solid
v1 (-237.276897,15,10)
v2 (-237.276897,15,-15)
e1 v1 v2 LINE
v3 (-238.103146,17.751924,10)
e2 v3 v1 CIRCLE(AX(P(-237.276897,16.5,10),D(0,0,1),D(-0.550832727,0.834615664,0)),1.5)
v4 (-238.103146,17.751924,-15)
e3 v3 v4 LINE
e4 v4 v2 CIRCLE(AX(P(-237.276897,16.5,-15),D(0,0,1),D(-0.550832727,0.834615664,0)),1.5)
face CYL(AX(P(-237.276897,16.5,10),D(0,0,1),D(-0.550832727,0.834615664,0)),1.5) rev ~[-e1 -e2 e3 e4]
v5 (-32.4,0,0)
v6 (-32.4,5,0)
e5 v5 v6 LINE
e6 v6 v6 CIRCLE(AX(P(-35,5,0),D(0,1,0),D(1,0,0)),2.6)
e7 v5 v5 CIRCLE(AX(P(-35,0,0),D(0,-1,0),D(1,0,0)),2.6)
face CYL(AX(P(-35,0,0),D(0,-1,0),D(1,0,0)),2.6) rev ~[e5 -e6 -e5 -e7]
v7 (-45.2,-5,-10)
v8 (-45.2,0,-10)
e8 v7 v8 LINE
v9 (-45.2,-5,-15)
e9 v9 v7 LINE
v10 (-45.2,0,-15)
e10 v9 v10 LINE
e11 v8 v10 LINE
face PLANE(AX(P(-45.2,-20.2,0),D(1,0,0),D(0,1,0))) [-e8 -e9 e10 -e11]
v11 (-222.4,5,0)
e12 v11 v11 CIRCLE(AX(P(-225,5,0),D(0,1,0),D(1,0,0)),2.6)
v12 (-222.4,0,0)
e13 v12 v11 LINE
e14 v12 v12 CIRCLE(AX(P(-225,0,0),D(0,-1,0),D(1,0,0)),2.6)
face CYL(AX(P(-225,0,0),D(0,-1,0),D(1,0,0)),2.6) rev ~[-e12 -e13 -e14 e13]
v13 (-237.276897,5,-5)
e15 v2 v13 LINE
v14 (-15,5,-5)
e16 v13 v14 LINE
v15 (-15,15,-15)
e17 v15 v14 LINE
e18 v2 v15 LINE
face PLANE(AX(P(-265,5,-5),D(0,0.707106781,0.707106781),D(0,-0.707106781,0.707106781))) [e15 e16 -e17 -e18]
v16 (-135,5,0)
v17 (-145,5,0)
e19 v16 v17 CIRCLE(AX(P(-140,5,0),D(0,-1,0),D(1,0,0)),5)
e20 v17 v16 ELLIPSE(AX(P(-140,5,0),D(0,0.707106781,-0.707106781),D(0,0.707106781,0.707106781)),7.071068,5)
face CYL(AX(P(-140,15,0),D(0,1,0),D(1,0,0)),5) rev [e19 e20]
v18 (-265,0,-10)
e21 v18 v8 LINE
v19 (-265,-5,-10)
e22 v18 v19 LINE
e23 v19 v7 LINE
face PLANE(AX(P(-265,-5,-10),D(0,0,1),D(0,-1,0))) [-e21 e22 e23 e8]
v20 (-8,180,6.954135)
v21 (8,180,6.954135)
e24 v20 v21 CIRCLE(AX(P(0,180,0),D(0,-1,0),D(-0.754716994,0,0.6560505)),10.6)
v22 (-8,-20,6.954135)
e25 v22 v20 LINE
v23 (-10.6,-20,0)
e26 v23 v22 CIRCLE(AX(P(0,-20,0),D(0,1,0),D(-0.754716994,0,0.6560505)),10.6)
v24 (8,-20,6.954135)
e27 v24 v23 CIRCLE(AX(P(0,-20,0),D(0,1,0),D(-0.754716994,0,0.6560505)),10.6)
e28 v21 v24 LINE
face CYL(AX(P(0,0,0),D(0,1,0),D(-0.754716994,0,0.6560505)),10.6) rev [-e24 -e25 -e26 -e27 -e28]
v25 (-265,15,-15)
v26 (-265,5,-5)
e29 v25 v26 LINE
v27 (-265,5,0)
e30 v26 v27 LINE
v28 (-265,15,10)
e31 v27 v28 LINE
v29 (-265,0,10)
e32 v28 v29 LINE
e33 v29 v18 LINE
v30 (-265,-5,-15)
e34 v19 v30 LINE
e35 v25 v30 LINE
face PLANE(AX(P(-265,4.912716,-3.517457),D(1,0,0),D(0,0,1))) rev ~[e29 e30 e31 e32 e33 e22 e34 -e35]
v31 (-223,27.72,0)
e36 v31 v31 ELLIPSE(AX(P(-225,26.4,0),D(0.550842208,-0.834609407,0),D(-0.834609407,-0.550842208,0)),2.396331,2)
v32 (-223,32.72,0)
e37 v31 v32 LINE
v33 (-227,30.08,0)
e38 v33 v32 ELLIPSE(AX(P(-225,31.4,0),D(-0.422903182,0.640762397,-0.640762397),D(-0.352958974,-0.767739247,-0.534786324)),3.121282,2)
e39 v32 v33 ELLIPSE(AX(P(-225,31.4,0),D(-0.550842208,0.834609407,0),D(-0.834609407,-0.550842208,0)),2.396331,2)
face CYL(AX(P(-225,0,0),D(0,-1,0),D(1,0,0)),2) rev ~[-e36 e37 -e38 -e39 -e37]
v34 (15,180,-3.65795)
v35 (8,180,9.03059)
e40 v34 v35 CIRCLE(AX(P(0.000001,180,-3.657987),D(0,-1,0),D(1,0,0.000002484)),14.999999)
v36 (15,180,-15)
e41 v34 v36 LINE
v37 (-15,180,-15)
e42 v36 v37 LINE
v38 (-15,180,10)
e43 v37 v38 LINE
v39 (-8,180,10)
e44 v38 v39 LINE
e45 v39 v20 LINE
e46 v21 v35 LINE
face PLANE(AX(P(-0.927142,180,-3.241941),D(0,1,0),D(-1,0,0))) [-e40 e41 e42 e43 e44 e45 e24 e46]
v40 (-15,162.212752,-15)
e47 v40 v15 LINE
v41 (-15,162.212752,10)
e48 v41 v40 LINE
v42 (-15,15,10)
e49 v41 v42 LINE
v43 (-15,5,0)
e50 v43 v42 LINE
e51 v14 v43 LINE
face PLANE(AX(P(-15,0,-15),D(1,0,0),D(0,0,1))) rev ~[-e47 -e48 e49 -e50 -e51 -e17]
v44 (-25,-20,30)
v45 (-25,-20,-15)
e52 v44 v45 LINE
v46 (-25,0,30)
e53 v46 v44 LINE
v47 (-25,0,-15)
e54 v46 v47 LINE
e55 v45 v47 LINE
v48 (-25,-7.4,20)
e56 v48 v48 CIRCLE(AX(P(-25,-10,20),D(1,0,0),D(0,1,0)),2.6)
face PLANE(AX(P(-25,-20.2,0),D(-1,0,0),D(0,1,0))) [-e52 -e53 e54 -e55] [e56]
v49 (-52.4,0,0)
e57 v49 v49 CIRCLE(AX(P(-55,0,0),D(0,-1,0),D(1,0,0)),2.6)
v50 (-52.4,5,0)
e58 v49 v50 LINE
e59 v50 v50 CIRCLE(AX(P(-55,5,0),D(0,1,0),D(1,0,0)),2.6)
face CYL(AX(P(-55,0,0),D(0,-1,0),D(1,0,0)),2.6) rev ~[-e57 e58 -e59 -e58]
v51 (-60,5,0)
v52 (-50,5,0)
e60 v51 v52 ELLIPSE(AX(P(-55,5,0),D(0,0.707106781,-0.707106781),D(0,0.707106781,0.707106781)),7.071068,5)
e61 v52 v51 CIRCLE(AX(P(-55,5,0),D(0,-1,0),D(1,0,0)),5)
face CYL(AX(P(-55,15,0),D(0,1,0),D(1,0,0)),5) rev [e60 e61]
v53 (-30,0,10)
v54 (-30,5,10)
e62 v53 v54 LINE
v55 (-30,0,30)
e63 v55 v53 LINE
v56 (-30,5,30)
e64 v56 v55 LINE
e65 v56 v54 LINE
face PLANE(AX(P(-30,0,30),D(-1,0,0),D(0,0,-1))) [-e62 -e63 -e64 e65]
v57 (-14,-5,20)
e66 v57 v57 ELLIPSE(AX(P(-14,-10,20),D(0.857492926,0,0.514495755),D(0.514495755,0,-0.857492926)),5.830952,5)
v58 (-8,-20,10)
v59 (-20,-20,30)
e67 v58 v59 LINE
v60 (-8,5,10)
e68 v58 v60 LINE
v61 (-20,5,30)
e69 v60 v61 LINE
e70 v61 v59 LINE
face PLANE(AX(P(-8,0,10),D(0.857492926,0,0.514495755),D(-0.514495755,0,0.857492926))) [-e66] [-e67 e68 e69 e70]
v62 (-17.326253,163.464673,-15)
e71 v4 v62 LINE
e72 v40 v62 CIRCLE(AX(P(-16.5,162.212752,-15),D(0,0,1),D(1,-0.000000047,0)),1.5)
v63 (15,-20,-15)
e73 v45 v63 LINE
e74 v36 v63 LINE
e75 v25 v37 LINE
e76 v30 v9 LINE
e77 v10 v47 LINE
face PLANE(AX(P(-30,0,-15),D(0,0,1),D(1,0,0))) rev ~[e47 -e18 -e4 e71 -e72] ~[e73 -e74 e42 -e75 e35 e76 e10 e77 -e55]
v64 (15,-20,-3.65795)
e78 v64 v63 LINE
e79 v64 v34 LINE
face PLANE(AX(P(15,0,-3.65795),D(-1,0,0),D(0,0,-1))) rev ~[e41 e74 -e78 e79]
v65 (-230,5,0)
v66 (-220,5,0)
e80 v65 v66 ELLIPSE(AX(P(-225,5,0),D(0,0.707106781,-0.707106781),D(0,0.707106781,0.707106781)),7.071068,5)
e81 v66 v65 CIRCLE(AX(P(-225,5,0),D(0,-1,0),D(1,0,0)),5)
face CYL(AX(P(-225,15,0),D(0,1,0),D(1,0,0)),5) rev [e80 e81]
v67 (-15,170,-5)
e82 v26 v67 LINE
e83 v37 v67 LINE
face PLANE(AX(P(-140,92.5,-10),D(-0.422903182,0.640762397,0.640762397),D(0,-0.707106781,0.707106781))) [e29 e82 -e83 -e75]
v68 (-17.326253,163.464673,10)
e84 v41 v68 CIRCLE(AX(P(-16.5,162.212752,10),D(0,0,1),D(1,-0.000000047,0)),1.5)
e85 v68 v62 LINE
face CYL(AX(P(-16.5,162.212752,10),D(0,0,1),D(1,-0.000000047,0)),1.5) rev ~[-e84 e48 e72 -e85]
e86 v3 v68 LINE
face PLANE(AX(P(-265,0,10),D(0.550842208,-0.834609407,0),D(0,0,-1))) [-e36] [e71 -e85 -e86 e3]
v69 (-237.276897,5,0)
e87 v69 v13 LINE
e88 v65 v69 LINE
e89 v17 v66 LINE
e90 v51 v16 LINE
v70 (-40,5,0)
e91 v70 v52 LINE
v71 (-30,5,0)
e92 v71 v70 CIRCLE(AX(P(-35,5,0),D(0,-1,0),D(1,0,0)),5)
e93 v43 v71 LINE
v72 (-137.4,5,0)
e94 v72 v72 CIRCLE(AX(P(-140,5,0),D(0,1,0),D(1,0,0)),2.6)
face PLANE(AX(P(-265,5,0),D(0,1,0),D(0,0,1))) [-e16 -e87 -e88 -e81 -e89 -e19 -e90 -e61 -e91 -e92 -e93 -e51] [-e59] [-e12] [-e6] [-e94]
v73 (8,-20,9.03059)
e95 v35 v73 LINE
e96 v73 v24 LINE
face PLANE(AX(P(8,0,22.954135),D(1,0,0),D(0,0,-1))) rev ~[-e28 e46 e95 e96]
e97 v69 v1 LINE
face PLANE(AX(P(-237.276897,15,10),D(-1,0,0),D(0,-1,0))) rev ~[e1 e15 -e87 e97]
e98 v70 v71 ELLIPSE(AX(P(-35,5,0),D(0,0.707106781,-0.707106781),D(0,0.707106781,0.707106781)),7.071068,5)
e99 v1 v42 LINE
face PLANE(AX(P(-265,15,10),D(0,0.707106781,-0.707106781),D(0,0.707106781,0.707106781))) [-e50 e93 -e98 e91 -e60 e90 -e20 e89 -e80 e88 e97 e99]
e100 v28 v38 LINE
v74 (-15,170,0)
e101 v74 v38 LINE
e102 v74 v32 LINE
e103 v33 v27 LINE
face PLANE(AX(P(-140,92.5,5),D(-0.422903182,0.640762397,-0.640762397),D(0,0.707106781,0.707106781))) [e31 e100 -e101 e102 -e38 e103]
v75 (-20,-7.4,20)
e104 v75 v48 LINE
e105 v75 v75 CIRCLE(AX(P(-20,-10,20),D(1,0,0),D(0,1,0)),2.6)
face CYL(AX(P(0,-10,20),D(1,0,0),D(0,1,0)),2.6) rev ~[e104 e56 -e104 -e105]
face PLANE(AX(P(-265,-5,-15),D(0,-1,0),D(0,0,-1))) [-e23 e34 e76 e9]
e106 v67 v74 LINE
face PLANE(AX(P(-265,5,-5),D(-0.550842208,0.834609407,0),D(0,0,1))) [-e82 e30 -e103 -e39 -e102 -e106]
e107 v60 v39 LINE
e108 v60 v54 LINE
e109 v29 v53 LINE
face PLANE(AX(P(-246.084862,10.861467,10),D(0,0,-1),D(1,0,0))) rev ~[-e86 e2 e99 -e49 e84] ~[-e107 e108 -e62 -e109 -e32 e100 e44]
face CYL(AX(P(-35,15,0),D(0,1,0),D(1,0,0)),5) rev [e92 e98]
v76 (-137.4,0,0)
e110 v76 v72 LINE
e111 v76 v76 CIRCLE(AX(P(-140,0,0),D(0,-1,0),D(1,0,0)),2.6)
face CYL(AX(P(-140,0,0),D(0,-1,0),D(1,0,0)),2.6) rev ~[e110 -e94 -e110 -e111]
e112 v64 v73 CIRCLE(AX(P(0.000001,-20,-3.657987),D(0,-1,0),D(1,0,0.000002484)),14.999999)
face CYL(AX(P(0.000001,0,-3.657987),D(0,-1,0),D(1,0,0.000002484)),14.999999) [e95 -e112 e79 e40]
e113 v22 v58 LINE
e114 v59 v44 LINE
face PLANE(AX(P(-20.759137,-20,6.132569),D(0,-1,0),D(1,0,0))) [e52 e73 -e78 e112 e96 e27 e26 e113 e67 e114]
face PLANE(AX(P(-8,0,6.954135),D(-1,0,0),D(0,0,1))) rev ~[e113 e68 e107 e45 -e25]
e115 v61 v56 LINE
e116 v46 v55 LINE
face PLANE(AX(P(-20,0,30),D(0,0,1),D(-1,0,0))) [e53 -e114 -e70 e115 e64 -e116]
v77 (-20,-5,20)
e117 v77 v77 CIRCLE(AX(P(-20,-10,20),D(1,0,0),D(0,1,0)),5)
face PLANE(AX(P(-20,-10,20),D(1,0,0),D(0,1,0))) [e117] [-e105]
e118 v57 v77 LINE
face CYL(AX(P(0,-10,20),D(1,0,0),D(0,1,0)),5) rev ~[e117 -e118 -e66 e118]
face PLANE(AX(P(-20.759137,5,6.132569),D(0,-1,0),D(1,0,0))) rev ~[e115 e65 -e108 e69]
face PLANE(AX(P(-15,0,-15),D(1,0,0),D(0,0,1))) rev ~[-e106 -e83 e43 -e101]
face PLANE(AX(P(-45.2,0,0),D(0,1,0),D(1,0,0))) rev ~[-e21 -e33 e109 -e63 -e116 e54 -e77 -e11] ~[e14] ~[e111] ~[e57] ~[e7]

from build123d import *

# Parameters (mm, degrees)
PAD_DEPTH            = 20
PAD_DEPTH_BACK       = 180
PAD001_DEPTH         = 25
POCKET_DEPTH         = 180.001
POCKET_DEPTH_BACK    = 20.001
PAD002_DEPTH         = 20
PAD002_DEPTH_BACK    = 5
SKETCH008_W          = 20.2
SKETCH008_H          = 20.2
POCKET001_DEPTH      = 15.001
POCKET001_DEPTH_BACK = 30.001
SKETCH009_R          = 2.6
POCKET002_DEPTH      = 5
SKETCH010_R          = 5
POCKET003_DEPTH      = 10
SKETCH011_R          = 2.6
POCKET004_DEPTH      = 265.001
SKETCH012_R          = 5
POCKET005_DEPTH      = 20
SKETCH013_R          = 2
POCKET006_DEPTH      = 180.001


with BuildPart() as part:
    # Sketch → Pad (new body, two sides)
    with BuildSketch(Plane.XZ) as pad_sk:
        with BuildLine():
            Line((-15, 10), (3.201562, 10))
            Line((3.201562, 10), (6.201562, 10))
            ThreePointArc((15, -3.65795), (12.609975, 4.465345), (6.201562, 10))
            Line((15, -3.65795), (15, -15))
            Line((15, -15), (-15, -15))
            Line((-15, -15), (-15, 10))
        make_face()
    extrude(amount=PAD_DEPTH)
    extrude(pad_sk.sketch, amount=-PAD_DEPTH_BACK)

    # AdditivePipe: sweep along a path in Sketch001
    with BuildLine(Plane.XY) as additivepipe_path:
        Line((-265, 0), (0, 0))
    # Sketch002 (on DatumPlane) → AdditivePipe (sweep)
    with BuildSketch(Plane.YZ.offset(-265)):
        Polygon((0, -10), (0, 10), (15, 10), (5, 0), (5, -5), (15, -15), (-5, -15), (-5, -10), align=None)
    sweep(path=additivepipe_path.line, is_frenet=True)

    # AdditivePipe001: sweep along a path in Sketch004
    with BuildLine(Plane.XY) as additivepipe001_path:
        Line((-265, 0), (-15, 165))
    # Sketch003 (on DatumPlane) → AdditivePipe001 (sweep)
    with BuildSketch(Plane.YZ.offset(-265)):
        Polygon((0, 10), (0, -15), (15, -15), (5, -5), (5, 0), (15, 10), align=None)
    sweep(path=additivepipe001_path.line, is_frenet=True)

    # Sketch005 (on Face19 of AdditivePipe001) → Pad001 (join)
    with BuildSketch(Plane(origin=(0, 0, 10), x_dir=(-1, 0, 0), z_dir=(0, 0, 1))):
        with BuildLine():
            ThreePointArc((238.103146, -17.751924), (238.71354, -16.068657), (237.276897, -15))
            Line((237.276897, -15), (237.276897, -5))
            Line((237.276897, -5), (257.424242, -5))
            Line((257.424242, -5), (257.424242, -10))
            Line((257.424242, -10), (241.155013, -20.737691))
            Line((241.155013, -20.737691), (238.103146, -17.751924))
        make_face()
        with BuildLine():
            ThreePointArc((15, -162.212752), (15.789148, -163.533619), (17.326253, -163.464673))
            Line((17.326253, -163.464673), (19.815663, -166.821662))
            Line((19.815663, -166.821662), (12.527544, -171.631821))
            Line((12.527544, -162.212752), (12.527544, -171.631821))
            Line((15, -162.212752), (12.527544, -162.212752))
        make_face()
    extrude(amount=-PAD001_DEPTH)

    # Sketch006 → Pocket (cut, two sides)
    with BuildSketch(Plane.XZ) as pocket_sk:
        with BuildLine():
            ThreePointArc((-8, 6.954135), (0, -10.6), (8, 6.954135))
            Line((8, 22.954135), (8, 6.954135))
            Line((-8, 22.954135), (8, 22.954135))
            Line((-8, 6.954135), (-8, 22.954135))
        make_face()
    extrude(amount=-POCKET_DEPTH, mode=Mode.SUBTRACT)
    extrude(pocket_sk.sketch, amount=POCKET_DEPTH_BACK, mode=Mode.SUBTRACT)

    # Sketch007 → Pad002 (join, two sides)
    with BuildSketch(Plane.XZ) as pad002_sk:
        Polygon((-8, 10), (-20, 30), (-30, 30), (-30, -15), (-10.6, -15), (-10.6, 6.954135), (-8, 6.954135), align=None)
    extrude(amount=PAD002_DEPTH)
    extrude(pad002_sk.sketch, amount=-PAD002_DEPTH_BACK)

    # Sketch008 → Pocket001 (cut, two sides)
    with BuildSketch(Plane.XY) as pocket001_sk:
        with Locations((-35.1, -10.1)):
            Rectangle(SKETCH008_W, SKETCH008_H)
    extrude(amount=-POCKET001_DEPTH, mode=Mode.SUBTRACT)
    extrude(pocket001_sk.sketch, amount=POCKET001_DEPTH_BACK, mode=Mode.SUBTRACT)

    # Sketch009 → Pocket002 (cut)
    with BuildSketch(Plane.XZ):
        with Locations((-35, 0)):
            Circle(SKETCH009_R)
        with Locations((-55, 0)):
            Circle(SKETCH009_R)
        with Locations((-140, 0)):
            Circle(SKETCH009_R)
        with Locations((-225, 0)):
            Circle(SKETCH009_R)
    extrude(amount=-POCKET002_DEPTH, mode=Mode.SUBTRACT)

    # Sketch010 (on DatumPlane) → Pocket003 (cut)
    with BuildSketch(Plane.XZ.offset(-15)):
        with Locations((-225, 0)):
            Circle(SKETCH010_R)
        with Locations((-140, 0)):
            Circle(SKETCH010_R)
        with Locations((-55, 0)):
            Circle(SKETCH010_R)
        with Locations((-35, 0)):
            Circle(SKETCH010_R)
    extrude(amount=POCKET003_DEPTH, mode=Mode.SUBTRACT)

    # Sketch011 → Pocket004 (cut, through all)
    with BuildSketch(Plane.YZ):
        with Locations((-10, 20)):
            Circle(SKETCH011_R)
    extrude(amount=-POCKET004_DEPTH, mode=Mode.SUBTRACT)

    # Sketch012 → Pocket005 (cut)
    with BuildSketch(Plane.YZ):
        with Locations((-10, 20)):
            Circle(SKETCH012_R)
    extrude(amount=-POCKET005_DEPTH, mode=Mode.SUBTRACT)

    # Sketch013 → Pocket006 (cut, through all)
    with BuildSketch(Plane.XZ):
        with Locations((-225, 0)):
            Circle(SKETCH013_R)
    extrude(amount=-POCKET006_DEPTH, mode=Mode.SUBTRACT)


solid = part.part
